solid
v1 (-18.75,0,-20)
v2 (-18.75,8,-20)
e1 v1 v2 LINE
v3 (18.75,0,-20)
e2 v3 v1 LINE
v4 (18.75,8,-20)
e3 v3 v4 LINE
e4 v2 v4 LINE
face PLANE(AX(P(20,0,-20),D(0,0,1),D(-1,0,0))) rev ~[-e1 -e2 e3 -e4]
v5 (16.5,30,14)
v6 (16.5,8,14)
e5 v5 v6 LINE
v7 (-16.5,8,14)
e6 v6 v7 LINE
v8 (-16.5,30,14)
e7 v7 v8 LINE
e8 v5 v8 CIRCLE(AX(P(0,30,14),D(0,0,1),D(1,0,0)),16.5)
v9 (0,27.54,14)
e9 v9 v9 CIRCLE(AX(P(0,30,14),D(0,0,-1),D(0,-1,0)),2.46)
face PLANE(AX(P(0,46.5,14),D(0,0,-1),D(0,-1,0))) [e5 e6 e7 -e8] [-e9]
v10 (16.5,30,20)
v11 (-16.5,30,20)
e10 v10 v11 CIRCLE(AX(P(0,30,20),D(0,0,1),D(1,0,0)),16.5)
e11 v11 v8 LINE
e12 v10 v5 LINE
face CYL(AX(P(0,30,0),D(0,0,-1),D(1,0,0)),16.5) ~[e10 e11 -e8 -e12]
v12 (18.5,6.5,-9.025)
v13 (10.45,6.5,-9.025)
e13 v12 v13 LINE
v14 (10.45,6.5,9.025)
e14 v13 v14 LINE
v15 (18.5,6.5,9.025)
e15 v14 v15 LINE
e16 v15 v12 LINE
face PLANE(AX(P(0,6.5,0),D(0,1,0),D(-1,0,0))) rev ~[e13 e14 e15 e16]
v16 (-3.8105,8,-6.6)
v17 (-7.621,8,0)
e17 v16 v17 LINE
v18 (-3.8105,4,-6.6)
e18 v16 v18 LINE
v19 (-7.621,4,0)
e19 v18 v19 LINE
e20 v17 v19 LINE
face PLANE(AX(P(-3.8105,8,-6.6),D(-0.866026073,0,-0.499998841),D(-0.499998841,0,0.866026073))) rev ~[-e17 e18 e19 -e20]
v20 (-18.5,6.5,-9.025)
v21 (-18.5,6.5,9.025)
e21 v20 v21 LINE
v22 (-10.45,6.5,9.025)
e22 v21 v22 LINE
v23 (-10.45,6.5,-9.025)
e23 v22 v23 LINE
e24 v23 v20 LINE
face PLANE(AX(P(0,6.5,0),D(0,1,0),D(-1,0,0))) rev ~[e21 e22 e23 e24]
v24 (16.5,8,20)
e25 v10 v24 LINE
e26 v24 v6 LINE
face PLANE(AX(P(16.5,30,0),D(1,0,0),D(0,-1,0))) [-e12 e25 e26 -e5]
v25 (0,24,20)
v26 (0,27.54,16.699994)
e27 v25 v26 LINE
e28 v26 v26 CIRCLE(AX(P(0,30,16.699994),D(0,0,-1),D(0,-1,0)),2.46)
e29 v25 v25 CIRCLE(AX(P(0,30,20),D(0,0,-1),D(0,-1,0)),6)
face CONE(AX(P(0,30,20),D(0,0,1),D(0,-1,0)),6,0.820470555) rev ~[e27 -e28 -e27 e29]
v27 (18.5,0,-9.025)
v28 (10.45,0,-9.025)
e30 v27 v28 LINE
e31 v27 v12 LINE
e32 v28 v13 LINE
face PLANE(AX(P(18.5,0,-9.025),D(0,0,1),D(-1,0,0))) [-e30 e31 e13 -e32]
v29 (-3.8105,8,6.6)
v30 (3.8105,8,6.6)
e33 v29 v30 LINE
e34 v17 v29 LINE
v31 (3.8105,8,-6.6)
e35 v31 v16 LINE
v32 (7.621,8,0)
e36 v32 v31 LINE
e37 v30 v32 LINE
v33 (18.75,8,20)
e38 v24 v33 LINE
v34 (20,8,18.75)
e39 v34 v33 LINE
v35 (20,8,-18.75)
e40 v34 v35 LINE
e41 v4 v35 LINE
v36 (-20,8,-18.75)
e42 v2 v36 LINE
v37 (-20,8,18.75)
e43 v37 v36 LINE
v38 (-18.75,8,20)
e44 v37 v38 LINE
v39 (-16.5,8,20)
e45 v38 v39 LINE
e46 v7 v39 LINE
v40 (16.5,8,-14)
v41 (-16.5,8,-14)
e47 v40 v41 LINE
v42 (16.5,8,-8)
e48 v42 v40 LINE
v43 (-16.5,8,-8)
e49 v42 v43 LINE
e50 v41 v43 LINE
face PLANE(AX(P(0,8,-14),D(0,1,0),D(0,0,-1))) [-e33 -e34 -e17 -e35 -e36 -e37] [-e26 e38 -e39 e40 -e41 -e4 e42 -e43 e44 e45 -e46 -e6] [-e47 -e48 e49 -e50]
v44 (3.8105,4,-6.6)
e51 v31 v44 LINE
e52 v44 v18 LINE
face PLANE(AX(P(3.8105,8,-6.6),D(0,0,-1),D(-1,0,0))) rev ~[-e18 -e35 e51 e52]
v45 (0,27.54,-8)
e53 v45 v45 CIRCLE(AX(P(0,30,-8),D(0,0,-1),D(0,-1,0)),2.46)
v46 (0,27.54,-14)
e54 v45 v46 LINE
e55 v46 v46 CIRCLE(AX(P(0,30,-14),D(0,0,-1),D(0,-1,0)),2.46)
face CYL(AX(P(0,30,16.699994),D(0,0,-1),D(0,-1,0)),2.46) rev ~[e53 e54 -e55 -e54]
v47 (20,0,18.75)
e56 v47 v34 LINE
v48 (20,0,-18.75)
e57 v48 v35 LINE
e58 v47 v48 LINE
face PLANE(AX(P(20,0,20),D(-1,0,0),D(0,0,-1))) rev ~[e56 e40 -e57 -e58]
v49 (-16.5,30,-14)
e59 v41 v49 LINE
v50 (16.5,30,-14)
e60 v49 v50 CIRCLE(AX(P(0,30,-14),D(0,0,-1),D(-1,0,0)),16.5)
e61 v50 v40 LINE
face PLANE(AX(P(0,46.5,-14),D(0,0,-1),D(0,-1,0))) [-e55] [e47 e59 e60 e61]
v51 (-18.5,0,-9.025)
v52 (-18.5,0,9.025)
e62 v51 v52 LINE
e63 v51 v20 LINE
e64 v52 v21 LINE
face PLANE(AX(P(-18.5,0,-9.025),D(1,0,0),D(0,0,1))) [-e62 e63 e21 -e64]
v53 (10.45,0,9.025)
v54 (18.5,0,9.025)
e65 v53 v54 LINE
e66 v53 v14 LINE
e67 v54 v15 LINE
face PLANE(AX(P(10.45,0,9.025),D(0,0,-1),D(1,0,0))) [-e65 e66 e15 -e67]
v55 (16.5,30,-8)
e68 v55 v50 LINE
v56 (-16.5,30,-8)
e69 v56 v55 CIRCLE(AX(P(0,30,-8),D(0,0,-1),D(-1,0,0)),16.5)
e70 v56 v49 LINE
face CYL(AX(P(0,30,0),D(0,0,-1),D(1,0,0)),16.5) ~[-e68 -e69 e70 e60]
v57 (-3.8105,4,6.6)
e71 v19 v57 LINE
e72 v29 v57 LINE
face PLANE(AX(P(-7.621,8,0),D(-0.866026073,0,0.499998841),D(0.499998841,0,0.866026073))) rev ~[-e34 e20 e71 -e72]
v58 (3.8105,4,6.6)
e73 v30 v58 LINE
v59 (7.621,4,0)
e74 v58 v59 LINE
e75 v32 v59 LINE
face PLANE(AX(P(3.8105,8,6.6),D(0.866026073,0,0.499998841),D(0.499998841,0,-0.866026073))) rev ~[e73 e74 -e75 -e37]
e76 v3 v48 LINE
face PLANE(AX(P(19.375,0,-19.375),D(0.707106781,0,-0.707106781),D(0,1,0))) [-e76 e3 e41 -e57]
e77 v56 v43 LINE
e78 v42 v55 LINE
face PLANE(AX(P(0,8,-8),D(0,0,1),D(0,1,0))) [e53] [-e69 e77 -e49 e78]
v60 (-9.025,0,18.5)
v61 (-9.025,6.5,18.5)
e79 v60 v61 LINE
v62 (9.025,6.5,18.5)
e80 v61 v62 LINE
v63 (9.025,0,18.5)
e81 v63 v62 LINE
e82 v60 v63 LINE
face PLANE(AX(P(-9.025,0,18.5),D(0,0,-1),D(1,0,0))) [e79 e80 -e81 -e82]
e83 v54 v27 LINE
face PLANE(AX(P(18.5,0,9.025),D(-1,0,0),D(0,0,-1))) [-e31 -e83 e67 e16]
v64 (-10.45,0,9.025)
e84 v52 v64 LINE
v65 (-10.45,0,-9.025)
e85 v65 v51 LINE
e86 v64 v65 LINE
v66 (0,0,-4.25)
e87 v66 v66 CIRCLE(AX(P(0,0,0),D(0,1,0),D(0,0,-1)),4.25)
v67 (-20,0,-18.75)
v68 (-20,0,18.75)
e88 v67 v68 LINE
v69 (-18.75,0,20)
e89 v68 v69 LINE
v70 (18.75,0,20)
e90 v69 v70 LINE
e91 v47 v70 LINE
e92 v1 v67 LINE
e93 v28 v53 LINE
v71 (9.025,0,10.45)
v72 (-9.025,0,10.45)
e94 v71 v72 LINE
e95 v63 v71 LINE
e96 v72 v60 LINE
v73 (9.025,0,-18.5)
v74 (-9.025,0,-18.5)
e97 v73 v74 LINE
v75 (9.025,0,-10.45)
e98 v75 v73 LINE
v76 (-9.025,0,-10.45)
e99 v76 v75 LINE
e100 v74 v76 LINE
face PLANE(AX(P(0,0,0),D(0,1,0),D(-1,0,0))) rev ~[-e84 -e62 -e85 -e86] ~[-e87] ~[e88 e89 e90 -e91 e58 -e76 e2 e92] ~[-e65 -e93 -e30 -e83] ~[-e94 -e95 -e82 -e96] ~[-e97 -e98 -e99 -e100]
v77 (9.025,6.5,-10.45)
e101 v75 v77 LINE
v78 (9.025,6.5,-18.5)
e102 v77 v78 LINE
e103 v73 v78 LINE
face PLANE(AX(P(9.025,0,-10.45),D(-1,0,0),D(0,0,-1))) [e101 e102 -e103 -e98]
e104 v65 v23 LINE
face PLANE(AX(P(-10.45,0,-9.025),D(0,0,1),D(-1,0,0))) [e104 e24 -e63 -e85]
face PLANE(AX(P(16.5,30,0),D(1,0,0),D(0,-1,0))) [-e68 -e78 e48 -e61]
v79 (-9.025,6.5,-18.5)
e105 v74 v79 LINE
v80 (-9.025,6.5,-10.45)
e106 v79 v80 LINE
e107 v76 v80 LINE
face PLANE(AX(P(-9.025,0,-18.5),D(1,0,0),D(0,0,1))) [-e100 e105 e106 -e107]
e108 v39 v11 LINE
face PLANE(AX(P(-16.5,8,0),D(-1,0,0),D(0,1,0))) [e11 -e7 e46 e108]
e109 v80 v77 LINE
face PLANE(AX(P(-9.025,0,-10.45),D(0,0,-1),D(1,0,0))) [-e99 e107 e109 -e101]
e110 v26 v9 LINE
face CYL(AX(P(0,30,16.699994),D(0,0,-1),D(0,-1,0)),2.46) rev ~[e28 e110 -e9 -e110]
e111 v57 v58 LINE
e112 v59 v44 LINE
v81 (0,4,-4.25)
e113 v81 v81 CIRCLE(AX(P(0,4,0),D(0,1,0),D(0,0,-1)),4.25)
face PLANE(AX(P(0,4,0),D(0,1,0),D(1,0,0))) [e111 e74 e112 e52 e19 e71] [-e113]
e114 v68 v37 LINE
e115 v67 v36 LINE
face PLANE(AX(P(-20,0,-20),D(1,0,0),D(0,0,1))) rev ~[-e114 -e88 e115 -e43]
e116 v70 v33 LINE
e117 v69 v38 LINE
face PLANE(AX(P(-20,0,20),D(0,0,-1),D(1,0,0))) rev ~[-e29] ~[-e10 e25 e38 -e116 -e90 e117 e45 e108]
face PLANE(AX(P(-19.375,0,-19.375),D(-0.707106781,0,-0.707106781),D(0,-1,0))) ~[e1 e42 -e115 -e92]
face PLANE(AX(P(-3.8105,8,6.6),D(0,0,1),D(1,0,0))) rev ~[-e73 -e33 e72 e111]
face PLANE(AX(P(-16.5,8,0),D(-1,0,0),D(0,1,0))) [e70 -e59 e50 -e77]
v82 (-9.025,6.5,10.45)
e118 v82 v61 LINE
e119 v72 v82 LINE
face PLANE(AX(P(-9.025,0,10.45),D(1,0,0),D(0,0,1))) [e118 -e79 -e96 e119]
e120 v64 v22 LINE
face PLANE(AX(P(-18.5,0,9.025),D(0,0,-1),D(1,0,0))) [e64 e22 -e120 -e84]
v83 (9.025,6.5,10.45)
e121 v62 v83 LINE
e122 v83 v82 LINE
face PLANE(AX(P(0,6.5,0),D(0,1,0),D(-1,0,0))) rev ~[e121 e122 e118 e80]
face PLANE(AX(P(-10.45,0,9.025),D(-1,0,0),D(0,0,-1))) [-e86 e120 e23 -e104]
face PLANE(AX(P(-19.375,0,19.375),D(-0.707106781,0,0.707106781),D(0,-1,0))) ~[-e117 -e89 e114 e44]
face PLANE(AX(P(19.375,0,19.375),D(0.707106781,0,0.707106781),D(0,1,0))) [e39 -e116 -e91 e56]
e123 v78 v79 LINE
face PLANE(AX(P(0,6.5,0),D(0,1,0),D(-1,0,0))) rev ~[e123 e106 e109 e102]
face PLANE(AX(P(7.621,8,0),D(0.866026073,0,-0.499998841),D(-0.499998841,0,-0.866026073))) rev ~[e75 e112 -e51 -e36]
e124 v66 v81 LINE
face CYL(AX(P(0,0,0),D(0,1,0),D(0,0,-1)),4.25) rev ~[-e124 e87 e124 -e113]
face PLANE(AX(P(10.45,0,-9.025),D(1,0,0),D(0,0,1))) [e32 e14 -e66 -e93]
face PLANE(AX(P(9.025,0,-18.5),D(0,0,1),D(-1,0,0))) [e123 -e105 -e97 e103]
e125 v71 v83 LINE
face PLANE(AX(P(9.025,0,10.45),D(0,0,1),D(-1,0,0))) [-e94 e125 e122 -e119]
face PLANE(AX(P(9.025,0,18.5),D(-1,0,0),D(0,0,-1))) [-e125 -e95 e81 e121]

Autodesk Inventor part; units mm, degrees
sketch "Skizze_1" plane through (0, 0, 0) normal (0, 1, 0) x (-1, 0, 0)
  line L0 (20, -20) -> (20, 20)
  line L1 (20, 20) -> (-20, 20)
  line L2 (-20, 20) -> (-20, -20)
  line L3 (-20, -20) -> (20, -20)
extrude "Extrusion1" add sketch "Skizze_1" along normal blind 52
sketch "Skizze_2" plane through (0, 0, 0) normal (1, 0, 0) x (0, 1, 0)
  line L0 (55, 20) -> (46.5, 20)
  line L1 (46.5, 20) -> (46.5, 14)
  line L2 (46.5, 14) -> (8, 14)
  line L3 (8, 14) -> (8, -8)
  line L4 (8, -8) -> (46.5, -8)
  line L5 (46.5, -8) -> (46.5, -14)
  line L6 (46.5, -14) -> (8, -14)
  line L7 (8, -14) -> (8, -20)
  line L8 (8, -20) -> (55, -20)
  line L9 (55, -20) -> (55, 20)
extrude "Extrusion2" cut sketch "Skizze_2" along normal mid plane 42
sketch "Skizze_3" plane through (0, 0, 0) normal (0, 0, 1) x (1, 0, 0)
  line L0 (-20, 53) -> (-20, 8)
  line L1 (-20, 8) -> (-16.5, 8)
  line L2 (-16.5, 8) -> (-16.5, 30)
  arc A0 (16.5, 30) -> (-16.5, 30) centre (0, 30) ccw
  line L3 (16.5, 30) -> (16.5, 8)
  line L4 (16.5, 8) -> (20, 8)
  line L5 (20, 8) -> (20, 53)
  line L6 (20, 53) -> (-20, 53)
extrude "Extrusion3" cut sketch "Skizze_3" along normal mid plane 42
sketch "Sketch4" plane through (-20, 0, 20) normal (0, 0, 1) x (1, 0, 0)
  point P0 (20, 30)
hole "Hole1" at (0, 30, 20) direction (0, 0, -1) diameter 4.92 depth 39.8 countersink diameter 12 countersink angle 94.019
sketch "Sketch_1" plane through (0, 0, 0) normal (0, 1, 0) x (-1, 0, 0)
  line L0 (9.025, -10.45) -> (-9.025, -10.45)
  line L1 (-9.025, -10.45) -> (-9.025, -18.5)
  line L2 (-9.025, -18.5) -> (9.025, -18.5)
  line L3 (9.025, -18.5) -> (9.025, -10.45)
extrude "Extrusion4" cut sketch "Sketch_1" along normal blind 6.5
sketch "Sketch_2" plane through (0, 0, 0) normal (0, 1, 0) x (-1, 0, 0)
  line L0 (9.025, 10.45) -> (9.025, 18.5)
  line L1 (9.025, 18.5) -> (-9.025, 18.5)
  line L2 (-9.025, 18.5) -> (-9.025, 10.45)
  line L3 (-9.025, 10.45) -> (9.025, 10.45)
extrude "Extrusion5" cut sketch "Sketch_2" along normal blind 6.5
sketch "Sketch_3" plane through (0, 0, 0) normal (0, 1, 0) x (-1, 0, 0)
  line L0 (-10.45, 9.025) -> (-18.5, 9.025)
  line L1 (-18.5, 9.025) -> (-18.5, -9.025)
  line L2 (-18.5, -9.025) -> (-10.45, -9.025)
  line L3 (-10.45, -9.025) -> (-10.45, 9.025)
extrude "Extrusion6" cut sketch "Sketch_3" along normal blind 6.5
sketch "Sketch_4" plane through (0, 0, 0) normal (0, 1, 0) x (-1, 0, 0)
  line L0 (18.5, 9.025) -> (10.45, 9.025)
  line L1 (10.45, 9.025) -> (10.45, -9.025)
  line L2 (10.45, -9.025) -> (18.5, -9.025)
  line L3 (18.5, -9.025) -> (18.5, 9.025)
extrude "Extrusion7" cut sketch "Sketch_4" along normal blind 6.5
sketch "Sketch9" plane through (0, 0, 0) normal (0, -1, 0) x (1, 0, 0)
  point P0 (0, 0)
hole "Hole2" at (0, 0, 0) direction (0, 1, 0) diameter 8.5 depth 8
sketch "Sketch_5" plane through (0, 8, 0) normal (0, 1, 0) x (1, 0, 0)
  line L0 (-7.621, 0) -> (-3.8105, -6.6)
  line L1 (-3.8105, -6.6) -> (3.8105, -6.6)
  line L2 (3.8105, -6.6) -> (7.621, 0)
  line L3 (7.621, 0) -> (3.8105, 6.6)
  line L4 (3.8105, 6.6) -> (-3.8105, 6.6)
  line L5 (-3.8105, 6.6) -> (-7.621, 0)
extrude "Extrusion8" cut sketch "Sketch_5" against normal blind 4
ref_plane "GN300Klemmhebel_XY" through (0, 29.8, 20) normal (0, 0, 1) x (1, 0, 0)
ref_plane "GN300Klemmhebel_YZ" through (0, 29.8, 20) normal (1, 0, 0) x (0, 1, 0)
ref_plane "GN300Klemmhebel_ZX" through (0, 29.8, 20) normal (0, 1, 0) x (0, 0, 1)
ref_plane "GUS_4_41_XY" through (0, 29.8, 0) normal (0, 0, 1) x (1, 0, 0)
ref_plane "GUS_4_41_YZ" through (0, 29.8, 0) normal (1, 0, 0) x (0, 1, 0)
ref_plane "GUS_4_41_ZX" through (0, 29.8, 0) normal (0, 1, 0) x (0, 0, 1)
ref_plane "GUS_4_41_L_XY" through (0, 29.8, -20) normal (0, 0, 1) x (1, 0, 0)
ref_plane "GUS_4_41_L_YZ" through (0, 29.8, -20) normal (1, 0, 0) x (0, 1, 0)
ref_plane "GUS_4_41_L_ZX" through (0, 29.8, -20) normal (0, 1, 0) x (0, 0, 1)
ref_plane "GUS_4_41_R_XY" through (0, 29.8, 20) normal (0, 0, 1) x (1, 0, 0)
ref_plane "GUS_4_41_R_YZ" through (0, 29.8, 20) normal (1, 0, 0) x (0, 1, 0)
ref_plane "GUS_4_41_R_ZX" through (0, 29.8, 20) normal (0, 1, 0) x (0, 0, 1)
ref_plane "p0_XY" through (0, 0, 0) normal (0, 1, 0) x (1, 0, 0)
ref_plane "p0_YZ" through (0, 0, 0) normal (1, 0, 0) x (0, 0, -1)
ref_plane "p0_ZX" through (0, 0, 0) normal (0, 0, -1) x (0, 1, 0)
ref_plane "p1_XY" through (0, 0, -14.475) normal (0, 1, 0) x (1, 0, 0)
ref_plane "p1_YZ" through (0, 0, -14.475) normal (1, 0, 0) x (0, 0, -1)
ref_plane "p1_ZX" through (0, 0, -14.475) normal (0, 0, -1) x (0, 1, 0)
ref_plane "p2_XY" through (14.475, 0, 0) normal (0, 1, 0) x (1, 0, 0)
ref_plane "p2_YZ" through (14.475, 0, 0) normal (1, 0, 0) x (0, 0, -1)
ref_plane "p2_ZX" through (14.475, 0, 0) normal (0, 0, -1) x (0, 1, 0)
ref_plane "p3_XY" through (0, 0, 14.475) normal (0, 1, 0) x (1, 0, 0)
ref_plane "p3_YZ" through (0, 0, 14.475) normal (1, 0, 0) x (0, 0, -1)
ref_plane "p3_ZX" through (0, 0, 14.475) normal (0, 0, -1) x (0, 1, 0)
ref_plane "p4_XY" through (-14.475, 0, 0) normal (0, 1, 0) x (1, 0, 0)
ref_plane "p4_YZ" through (-14.475, 0, 0) normal (1, 0, 0) x (0, 0, -1)
ref_plane "p4_ZX" through (-14.475, 0, 0) normal (0, 0, -1) x (0, 1, 0)
ref_plane "ps_XY" through (0, 8, 0) normal (0, 1, 0) x (1, 0, 0)
ref_plane "ps_YZ" through (0, 8, 0) normal (1, 0, 0) x (0, 0, -1)
ref_plane "ps_ZX" through (0, 8, 0) normal (0, 0, -1) x (0, 1, 0)
chamfer "Chamfer1" distance 1.25 angle 45 4 edges at (-20, 4, -20) (-20, 4, 20) (20, 4, 20) (20, 4, -20)
properties part number "Robotunits GUS_4040 -90"
